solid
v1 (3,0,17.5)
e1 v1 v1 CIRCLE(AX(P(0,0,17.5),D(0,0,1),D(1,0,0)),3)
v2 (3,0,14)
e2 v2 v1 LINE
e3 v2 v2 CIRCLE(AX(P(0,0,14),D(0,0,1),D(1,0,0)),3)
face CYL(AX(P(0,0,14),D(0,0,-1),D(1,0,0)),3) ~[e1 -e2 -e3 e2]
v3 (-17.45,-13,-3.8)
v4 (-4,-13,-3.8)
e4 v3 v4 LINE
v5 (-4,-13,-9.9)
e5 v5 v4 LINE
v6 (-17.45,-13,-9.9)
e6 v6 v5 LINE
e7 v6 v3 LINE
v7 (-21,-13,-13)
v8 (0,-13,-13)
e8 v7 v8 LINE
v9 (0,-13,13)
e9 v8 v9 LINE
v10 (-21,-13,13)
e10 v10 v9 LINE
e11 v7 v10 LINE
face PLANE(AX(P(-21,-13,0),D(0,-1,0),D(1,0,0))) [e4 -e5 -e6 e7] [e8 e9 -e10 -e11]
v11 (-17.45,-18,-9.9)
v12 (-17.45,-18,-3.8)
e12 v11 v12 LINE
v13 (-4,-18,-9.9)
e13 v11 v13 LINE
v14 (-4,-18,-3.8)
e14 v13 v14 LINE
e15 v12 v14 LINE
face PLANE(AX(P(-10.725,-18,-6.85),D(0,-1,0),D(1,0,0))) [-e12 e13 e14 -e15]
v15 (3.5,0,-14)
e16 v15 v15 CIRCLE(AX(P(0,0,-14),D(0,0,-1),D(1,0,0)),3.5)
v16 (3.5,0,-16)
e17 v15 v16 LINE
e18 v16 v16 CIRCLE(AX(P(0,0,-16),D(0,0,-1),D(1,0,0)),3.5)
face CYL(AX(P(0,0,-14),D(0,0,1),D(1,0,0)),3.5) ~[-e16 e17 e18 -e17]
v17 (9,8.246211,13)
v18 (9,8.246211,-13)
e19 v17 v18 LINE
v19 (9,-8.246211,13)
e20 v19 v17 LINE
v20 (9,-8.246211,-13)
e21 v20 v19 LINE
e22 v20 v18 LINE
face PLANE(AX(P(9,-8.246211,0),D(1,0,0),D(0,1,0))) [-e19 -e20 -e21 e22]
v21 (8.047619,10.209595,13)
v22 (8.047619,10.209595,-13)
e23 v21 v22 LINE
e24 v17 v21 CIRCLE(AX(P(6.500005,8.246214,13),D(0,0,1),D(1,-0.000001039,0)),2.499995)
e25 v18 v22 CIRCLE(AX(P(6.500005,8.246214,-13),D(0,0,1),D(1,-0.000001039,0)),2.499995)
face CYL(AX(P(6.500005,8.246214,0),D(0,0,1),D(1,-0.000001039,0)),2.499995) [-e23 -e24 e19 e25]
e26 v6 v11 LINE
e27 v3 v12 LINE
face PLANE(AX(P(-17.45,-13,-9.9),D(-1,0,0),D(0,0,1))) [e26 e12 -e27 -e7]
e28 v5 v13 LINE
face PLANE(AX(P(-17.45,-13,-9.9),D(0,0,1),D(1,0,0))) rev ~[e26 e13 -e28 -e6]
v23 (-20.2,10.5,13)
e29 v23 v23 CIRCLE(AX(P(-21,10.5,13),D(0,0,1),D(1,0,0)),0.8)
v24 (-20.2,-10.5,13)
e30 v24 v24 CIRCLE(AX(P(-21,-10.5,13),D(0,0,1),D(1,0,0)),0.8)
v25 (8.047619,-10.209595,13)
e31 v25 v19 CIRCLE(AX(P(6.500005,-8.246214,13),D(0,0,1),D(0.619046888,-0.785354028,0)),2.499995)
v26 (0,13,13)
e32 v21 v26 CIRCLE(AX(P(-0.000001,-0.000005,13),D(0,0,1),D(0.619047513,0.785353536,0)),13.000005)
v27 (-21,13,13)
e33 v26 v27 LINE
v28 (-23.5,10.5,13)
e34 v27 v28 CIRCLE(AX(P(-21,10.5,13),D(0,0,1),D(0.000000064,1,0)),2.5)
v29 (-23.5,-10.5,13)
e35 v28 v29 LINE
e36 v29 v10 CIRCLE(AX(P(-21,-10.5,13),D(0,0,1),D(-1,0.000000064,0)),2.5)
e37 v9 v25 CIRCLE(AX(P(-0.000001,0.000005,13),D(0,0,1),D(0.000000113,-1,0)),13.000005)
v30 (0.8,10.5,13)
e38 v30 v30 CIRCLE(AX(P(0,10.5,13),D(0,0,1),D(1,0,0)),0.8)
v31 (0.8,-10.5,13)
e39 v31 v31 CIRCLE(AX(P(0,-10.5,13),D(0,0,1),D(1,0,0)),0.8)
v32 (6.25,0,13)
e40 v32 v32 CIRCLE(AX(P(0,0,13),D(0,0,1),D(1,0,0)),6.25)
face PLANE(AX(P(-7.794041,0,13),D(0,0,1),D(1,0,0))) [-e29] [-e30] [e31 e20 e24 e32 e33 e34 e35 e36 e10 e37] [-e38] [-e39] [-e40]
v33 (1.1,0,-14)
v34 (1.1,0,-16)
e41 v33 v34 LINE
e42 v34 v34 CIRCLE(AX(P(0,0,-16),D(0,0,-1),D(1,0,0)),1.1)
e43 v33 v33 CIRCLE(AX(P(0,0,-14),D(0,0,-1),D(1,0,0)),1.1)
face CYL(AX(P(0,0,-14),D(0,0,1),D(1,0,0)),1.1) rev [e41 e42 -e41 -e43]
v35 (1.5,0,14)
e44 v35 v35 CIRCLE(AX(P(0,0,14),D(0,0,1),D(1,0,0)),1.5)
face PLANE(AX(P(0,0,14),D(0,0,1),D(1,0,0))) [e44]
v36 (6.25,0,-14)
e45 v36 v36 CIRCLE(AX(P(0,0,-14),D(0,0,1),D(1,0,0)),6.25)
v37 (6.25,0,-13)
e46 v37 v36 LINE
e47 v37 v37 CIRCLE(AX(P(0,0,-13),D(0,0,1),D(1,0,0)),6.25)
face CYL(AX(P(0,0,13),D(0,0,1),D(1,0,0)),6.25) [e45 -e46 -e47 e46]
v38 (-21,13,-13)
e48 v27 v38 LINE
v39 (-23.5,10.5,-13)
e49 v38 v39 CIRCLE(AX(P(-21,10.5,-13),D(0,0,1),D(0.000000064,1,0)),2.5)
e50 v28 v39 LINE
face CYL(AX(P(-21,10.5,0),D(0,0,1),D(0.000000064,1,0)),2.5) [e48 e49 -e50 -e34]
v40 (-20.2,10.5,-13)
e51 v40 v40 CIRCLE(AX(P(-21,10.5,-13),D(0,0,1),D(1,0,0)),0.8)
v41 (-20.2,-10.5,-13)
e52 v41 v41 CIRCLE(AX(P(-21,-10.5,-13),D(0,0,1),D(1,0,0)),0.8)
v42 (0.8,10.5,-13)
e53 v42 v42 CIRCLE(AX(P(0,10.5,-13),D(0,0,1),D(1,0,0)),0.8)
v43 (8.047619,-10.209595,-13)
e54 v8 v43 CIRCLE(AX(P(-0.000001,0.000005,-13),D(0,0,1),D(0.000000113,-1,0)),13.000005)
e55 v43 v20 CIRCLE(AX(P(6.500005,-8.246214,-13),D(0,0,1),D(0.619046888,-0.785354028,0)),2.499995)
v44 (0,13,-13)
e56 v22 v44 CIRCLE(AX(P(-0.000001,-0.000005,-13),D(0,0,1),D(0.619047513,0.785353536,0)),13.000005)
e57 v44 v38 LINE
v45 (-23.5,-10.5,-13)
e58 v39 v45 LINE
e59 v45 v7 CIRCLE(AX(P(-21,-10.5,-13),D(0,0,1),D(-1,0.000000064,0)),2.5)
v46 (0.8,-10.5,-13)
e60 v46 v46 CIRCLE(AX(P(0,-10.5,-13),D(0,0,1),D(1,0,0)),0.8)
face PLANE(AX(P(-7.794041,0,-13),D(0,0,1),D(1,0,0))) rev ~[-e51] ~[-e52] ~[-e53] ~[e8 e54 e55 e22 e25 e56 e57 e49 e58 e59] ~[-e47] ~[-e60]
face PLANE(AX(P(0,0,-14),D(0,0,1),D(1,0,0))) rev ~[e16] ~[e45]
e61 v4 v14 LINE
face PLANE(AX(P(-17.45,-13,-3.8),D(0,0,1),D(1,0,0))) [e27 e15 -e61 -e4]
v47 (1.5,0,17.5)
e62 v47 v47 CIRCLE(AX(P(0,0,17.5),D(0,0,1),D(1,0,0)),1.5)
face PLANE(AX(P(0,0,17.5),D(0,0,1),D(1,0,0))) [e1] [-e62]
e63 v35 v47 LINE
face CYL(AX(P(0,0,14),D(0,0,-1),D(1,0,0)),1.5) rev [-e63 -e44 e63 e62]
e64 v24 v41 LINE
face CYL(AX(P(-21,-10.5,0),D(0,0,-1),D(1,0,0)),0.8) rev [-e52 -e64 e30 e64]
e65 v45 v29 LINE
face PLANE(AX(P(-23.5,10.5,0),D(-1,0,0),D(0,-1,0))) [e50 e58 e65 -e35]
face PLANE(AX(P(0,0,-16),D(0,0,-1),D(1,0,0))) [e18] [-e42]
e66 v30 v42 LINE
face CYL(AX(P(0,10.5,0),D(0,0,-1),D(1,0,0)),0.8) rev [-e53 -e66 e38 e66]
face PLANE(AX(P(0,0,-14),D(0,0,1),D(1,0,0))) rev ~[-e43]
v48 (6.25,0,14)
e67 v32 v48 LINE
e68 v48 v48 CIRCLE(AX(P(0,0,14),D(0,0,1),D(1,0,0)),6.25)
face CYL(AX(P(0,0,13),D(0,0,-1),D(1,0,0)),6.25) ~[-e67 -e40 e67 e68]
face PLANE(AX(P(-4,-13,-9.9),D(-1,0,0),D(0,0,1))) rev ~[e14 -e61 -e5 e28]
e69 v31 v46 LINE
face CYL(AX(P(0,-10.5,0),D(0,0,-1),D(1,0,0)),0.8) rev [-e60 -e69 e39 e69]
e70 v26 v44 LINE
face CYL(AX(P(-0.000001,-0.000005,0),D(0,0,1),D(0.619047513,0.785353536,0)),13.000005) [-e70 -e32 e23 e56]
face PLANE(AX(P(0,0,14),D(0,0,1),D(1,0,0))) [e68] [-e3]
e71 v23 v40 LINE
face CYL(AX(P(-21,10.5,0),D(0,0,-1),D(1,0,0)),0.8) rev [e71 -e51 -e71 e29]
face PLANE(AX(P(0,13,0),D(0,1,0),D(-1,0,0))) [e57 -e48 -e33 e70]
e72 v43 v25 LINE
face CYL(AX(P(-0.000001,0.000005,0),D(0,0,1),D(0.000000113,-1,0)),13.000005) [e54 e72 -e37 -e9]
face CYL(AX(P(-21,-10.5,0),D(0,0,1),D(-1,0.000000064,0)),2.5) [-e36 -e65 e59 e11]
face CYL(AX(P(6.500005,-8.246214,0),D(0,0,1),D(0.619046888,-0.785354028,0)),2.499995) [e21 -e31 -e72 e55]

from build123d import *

# Parameters (mm, degrees)
F0_R          = 0.8
F1_DEPTH      = 13
F2_R          = 6.25
F3_DEPTH      = 1
F3_DEPTH_BACK = 27
F4_R          = 3
F4_R_2        = 1.5
F5_DEPTH      = 3.5
F6_R          = 3.5
F6_R_2        = 1.1
F7_DEPTH      = 2
F8_W          = 13.45
F8_H          = 6.1
F9_DEPTH      = 5


with BuildPart() as f1:
    # F0 (on Top) → F1 (new body, symmetric)
    with BuildSketch(Plane.XY):
        with BuildLine():
            Line((-23.5, 10.5), (-23.5, 0))
            Line((-23.5, 0), (-23.5, -10.5))
            ThreePointArc((-23.5, -10.5), (-22.767767, -12.267767), (-21, -13))
            Line((-21, -13), (0, -13))
            ThreePointArc((0, -13), (4.25883, -12.282604), (8.047619, -10.209595))
            ThreePointArc((8.047619, -10.209595), (8.749339, -9.337301), (9, -8.246211))
            Line((9, -8.246211), (9, 0))
            Line((9, 0), (9, 8.246211))
            ThreePointArc((9, 8.246211), (8.749339, 9.337301), (8.047619, 10.209595))
            ThreePointArc((8.047619, 10.209595), (4.25883, 12.282604), (0, 13))
            Line((0, 13), (-21, 13))
            ThreePointArc((-21, 13), (-22.767767, 12.267767), (-23.5, 10.5))
        make_face()
        with Locations((-21, -10.5)):
            Circle(F0_R, mode=Mode.SUBTRACT)
        with Locations((0, -10.5)):
            Circle(F0_R, mode=Mode.SUBTRACT)
        with Locations((-21, 10.5)):
            Circle(F0_R, mode=Mode.SUBTRACT)
        with Locations((0, 10.5)):
            Circle(F0_R, mode=Mode.SUBTRACT)
    extrude(amount=F1_DEPTH, both=True)

    # F2 (on face) → F3 (join, two sides)
    with BuildSketch(Plane.XY.offset(13)) as f3_sk:
        Circle(F2_R)
    extrude(amount=F3_DEPTH)
    extrude(f3_sk.sketch, amount=-F3_DEPTH_BACK)

    # F4 (on face) → F5 (join)
    with BuildSketch(Plane.XY.offset(14)):
        Circle(F4_R)
        Circle(F4_R_2, mode=Mode.SUBTRACT)
    extrude(amount=F5_DEPTH)

    # F6 (on face) → F7 (join)
    with BuildSketch(Plane(origin=(0, 0, -14), x_dir=(1, 0, 0), z_dir=(0, 0, -1))):
        Circle(F6_R)
        Circle(F6_R_2, mode=Mode.SUBTRACT)
    extrude(amount=F7_DEPTH)

    # F8 (on face) → F9 (join)
    with BuildSketch(Plane.XZ.offset(13)):
        with Locations((-10.725, -6.85)):
            Rectangle(F8_W, F8_H)
    extrude(amount=F9_DEPTH)


solid = f1.part
